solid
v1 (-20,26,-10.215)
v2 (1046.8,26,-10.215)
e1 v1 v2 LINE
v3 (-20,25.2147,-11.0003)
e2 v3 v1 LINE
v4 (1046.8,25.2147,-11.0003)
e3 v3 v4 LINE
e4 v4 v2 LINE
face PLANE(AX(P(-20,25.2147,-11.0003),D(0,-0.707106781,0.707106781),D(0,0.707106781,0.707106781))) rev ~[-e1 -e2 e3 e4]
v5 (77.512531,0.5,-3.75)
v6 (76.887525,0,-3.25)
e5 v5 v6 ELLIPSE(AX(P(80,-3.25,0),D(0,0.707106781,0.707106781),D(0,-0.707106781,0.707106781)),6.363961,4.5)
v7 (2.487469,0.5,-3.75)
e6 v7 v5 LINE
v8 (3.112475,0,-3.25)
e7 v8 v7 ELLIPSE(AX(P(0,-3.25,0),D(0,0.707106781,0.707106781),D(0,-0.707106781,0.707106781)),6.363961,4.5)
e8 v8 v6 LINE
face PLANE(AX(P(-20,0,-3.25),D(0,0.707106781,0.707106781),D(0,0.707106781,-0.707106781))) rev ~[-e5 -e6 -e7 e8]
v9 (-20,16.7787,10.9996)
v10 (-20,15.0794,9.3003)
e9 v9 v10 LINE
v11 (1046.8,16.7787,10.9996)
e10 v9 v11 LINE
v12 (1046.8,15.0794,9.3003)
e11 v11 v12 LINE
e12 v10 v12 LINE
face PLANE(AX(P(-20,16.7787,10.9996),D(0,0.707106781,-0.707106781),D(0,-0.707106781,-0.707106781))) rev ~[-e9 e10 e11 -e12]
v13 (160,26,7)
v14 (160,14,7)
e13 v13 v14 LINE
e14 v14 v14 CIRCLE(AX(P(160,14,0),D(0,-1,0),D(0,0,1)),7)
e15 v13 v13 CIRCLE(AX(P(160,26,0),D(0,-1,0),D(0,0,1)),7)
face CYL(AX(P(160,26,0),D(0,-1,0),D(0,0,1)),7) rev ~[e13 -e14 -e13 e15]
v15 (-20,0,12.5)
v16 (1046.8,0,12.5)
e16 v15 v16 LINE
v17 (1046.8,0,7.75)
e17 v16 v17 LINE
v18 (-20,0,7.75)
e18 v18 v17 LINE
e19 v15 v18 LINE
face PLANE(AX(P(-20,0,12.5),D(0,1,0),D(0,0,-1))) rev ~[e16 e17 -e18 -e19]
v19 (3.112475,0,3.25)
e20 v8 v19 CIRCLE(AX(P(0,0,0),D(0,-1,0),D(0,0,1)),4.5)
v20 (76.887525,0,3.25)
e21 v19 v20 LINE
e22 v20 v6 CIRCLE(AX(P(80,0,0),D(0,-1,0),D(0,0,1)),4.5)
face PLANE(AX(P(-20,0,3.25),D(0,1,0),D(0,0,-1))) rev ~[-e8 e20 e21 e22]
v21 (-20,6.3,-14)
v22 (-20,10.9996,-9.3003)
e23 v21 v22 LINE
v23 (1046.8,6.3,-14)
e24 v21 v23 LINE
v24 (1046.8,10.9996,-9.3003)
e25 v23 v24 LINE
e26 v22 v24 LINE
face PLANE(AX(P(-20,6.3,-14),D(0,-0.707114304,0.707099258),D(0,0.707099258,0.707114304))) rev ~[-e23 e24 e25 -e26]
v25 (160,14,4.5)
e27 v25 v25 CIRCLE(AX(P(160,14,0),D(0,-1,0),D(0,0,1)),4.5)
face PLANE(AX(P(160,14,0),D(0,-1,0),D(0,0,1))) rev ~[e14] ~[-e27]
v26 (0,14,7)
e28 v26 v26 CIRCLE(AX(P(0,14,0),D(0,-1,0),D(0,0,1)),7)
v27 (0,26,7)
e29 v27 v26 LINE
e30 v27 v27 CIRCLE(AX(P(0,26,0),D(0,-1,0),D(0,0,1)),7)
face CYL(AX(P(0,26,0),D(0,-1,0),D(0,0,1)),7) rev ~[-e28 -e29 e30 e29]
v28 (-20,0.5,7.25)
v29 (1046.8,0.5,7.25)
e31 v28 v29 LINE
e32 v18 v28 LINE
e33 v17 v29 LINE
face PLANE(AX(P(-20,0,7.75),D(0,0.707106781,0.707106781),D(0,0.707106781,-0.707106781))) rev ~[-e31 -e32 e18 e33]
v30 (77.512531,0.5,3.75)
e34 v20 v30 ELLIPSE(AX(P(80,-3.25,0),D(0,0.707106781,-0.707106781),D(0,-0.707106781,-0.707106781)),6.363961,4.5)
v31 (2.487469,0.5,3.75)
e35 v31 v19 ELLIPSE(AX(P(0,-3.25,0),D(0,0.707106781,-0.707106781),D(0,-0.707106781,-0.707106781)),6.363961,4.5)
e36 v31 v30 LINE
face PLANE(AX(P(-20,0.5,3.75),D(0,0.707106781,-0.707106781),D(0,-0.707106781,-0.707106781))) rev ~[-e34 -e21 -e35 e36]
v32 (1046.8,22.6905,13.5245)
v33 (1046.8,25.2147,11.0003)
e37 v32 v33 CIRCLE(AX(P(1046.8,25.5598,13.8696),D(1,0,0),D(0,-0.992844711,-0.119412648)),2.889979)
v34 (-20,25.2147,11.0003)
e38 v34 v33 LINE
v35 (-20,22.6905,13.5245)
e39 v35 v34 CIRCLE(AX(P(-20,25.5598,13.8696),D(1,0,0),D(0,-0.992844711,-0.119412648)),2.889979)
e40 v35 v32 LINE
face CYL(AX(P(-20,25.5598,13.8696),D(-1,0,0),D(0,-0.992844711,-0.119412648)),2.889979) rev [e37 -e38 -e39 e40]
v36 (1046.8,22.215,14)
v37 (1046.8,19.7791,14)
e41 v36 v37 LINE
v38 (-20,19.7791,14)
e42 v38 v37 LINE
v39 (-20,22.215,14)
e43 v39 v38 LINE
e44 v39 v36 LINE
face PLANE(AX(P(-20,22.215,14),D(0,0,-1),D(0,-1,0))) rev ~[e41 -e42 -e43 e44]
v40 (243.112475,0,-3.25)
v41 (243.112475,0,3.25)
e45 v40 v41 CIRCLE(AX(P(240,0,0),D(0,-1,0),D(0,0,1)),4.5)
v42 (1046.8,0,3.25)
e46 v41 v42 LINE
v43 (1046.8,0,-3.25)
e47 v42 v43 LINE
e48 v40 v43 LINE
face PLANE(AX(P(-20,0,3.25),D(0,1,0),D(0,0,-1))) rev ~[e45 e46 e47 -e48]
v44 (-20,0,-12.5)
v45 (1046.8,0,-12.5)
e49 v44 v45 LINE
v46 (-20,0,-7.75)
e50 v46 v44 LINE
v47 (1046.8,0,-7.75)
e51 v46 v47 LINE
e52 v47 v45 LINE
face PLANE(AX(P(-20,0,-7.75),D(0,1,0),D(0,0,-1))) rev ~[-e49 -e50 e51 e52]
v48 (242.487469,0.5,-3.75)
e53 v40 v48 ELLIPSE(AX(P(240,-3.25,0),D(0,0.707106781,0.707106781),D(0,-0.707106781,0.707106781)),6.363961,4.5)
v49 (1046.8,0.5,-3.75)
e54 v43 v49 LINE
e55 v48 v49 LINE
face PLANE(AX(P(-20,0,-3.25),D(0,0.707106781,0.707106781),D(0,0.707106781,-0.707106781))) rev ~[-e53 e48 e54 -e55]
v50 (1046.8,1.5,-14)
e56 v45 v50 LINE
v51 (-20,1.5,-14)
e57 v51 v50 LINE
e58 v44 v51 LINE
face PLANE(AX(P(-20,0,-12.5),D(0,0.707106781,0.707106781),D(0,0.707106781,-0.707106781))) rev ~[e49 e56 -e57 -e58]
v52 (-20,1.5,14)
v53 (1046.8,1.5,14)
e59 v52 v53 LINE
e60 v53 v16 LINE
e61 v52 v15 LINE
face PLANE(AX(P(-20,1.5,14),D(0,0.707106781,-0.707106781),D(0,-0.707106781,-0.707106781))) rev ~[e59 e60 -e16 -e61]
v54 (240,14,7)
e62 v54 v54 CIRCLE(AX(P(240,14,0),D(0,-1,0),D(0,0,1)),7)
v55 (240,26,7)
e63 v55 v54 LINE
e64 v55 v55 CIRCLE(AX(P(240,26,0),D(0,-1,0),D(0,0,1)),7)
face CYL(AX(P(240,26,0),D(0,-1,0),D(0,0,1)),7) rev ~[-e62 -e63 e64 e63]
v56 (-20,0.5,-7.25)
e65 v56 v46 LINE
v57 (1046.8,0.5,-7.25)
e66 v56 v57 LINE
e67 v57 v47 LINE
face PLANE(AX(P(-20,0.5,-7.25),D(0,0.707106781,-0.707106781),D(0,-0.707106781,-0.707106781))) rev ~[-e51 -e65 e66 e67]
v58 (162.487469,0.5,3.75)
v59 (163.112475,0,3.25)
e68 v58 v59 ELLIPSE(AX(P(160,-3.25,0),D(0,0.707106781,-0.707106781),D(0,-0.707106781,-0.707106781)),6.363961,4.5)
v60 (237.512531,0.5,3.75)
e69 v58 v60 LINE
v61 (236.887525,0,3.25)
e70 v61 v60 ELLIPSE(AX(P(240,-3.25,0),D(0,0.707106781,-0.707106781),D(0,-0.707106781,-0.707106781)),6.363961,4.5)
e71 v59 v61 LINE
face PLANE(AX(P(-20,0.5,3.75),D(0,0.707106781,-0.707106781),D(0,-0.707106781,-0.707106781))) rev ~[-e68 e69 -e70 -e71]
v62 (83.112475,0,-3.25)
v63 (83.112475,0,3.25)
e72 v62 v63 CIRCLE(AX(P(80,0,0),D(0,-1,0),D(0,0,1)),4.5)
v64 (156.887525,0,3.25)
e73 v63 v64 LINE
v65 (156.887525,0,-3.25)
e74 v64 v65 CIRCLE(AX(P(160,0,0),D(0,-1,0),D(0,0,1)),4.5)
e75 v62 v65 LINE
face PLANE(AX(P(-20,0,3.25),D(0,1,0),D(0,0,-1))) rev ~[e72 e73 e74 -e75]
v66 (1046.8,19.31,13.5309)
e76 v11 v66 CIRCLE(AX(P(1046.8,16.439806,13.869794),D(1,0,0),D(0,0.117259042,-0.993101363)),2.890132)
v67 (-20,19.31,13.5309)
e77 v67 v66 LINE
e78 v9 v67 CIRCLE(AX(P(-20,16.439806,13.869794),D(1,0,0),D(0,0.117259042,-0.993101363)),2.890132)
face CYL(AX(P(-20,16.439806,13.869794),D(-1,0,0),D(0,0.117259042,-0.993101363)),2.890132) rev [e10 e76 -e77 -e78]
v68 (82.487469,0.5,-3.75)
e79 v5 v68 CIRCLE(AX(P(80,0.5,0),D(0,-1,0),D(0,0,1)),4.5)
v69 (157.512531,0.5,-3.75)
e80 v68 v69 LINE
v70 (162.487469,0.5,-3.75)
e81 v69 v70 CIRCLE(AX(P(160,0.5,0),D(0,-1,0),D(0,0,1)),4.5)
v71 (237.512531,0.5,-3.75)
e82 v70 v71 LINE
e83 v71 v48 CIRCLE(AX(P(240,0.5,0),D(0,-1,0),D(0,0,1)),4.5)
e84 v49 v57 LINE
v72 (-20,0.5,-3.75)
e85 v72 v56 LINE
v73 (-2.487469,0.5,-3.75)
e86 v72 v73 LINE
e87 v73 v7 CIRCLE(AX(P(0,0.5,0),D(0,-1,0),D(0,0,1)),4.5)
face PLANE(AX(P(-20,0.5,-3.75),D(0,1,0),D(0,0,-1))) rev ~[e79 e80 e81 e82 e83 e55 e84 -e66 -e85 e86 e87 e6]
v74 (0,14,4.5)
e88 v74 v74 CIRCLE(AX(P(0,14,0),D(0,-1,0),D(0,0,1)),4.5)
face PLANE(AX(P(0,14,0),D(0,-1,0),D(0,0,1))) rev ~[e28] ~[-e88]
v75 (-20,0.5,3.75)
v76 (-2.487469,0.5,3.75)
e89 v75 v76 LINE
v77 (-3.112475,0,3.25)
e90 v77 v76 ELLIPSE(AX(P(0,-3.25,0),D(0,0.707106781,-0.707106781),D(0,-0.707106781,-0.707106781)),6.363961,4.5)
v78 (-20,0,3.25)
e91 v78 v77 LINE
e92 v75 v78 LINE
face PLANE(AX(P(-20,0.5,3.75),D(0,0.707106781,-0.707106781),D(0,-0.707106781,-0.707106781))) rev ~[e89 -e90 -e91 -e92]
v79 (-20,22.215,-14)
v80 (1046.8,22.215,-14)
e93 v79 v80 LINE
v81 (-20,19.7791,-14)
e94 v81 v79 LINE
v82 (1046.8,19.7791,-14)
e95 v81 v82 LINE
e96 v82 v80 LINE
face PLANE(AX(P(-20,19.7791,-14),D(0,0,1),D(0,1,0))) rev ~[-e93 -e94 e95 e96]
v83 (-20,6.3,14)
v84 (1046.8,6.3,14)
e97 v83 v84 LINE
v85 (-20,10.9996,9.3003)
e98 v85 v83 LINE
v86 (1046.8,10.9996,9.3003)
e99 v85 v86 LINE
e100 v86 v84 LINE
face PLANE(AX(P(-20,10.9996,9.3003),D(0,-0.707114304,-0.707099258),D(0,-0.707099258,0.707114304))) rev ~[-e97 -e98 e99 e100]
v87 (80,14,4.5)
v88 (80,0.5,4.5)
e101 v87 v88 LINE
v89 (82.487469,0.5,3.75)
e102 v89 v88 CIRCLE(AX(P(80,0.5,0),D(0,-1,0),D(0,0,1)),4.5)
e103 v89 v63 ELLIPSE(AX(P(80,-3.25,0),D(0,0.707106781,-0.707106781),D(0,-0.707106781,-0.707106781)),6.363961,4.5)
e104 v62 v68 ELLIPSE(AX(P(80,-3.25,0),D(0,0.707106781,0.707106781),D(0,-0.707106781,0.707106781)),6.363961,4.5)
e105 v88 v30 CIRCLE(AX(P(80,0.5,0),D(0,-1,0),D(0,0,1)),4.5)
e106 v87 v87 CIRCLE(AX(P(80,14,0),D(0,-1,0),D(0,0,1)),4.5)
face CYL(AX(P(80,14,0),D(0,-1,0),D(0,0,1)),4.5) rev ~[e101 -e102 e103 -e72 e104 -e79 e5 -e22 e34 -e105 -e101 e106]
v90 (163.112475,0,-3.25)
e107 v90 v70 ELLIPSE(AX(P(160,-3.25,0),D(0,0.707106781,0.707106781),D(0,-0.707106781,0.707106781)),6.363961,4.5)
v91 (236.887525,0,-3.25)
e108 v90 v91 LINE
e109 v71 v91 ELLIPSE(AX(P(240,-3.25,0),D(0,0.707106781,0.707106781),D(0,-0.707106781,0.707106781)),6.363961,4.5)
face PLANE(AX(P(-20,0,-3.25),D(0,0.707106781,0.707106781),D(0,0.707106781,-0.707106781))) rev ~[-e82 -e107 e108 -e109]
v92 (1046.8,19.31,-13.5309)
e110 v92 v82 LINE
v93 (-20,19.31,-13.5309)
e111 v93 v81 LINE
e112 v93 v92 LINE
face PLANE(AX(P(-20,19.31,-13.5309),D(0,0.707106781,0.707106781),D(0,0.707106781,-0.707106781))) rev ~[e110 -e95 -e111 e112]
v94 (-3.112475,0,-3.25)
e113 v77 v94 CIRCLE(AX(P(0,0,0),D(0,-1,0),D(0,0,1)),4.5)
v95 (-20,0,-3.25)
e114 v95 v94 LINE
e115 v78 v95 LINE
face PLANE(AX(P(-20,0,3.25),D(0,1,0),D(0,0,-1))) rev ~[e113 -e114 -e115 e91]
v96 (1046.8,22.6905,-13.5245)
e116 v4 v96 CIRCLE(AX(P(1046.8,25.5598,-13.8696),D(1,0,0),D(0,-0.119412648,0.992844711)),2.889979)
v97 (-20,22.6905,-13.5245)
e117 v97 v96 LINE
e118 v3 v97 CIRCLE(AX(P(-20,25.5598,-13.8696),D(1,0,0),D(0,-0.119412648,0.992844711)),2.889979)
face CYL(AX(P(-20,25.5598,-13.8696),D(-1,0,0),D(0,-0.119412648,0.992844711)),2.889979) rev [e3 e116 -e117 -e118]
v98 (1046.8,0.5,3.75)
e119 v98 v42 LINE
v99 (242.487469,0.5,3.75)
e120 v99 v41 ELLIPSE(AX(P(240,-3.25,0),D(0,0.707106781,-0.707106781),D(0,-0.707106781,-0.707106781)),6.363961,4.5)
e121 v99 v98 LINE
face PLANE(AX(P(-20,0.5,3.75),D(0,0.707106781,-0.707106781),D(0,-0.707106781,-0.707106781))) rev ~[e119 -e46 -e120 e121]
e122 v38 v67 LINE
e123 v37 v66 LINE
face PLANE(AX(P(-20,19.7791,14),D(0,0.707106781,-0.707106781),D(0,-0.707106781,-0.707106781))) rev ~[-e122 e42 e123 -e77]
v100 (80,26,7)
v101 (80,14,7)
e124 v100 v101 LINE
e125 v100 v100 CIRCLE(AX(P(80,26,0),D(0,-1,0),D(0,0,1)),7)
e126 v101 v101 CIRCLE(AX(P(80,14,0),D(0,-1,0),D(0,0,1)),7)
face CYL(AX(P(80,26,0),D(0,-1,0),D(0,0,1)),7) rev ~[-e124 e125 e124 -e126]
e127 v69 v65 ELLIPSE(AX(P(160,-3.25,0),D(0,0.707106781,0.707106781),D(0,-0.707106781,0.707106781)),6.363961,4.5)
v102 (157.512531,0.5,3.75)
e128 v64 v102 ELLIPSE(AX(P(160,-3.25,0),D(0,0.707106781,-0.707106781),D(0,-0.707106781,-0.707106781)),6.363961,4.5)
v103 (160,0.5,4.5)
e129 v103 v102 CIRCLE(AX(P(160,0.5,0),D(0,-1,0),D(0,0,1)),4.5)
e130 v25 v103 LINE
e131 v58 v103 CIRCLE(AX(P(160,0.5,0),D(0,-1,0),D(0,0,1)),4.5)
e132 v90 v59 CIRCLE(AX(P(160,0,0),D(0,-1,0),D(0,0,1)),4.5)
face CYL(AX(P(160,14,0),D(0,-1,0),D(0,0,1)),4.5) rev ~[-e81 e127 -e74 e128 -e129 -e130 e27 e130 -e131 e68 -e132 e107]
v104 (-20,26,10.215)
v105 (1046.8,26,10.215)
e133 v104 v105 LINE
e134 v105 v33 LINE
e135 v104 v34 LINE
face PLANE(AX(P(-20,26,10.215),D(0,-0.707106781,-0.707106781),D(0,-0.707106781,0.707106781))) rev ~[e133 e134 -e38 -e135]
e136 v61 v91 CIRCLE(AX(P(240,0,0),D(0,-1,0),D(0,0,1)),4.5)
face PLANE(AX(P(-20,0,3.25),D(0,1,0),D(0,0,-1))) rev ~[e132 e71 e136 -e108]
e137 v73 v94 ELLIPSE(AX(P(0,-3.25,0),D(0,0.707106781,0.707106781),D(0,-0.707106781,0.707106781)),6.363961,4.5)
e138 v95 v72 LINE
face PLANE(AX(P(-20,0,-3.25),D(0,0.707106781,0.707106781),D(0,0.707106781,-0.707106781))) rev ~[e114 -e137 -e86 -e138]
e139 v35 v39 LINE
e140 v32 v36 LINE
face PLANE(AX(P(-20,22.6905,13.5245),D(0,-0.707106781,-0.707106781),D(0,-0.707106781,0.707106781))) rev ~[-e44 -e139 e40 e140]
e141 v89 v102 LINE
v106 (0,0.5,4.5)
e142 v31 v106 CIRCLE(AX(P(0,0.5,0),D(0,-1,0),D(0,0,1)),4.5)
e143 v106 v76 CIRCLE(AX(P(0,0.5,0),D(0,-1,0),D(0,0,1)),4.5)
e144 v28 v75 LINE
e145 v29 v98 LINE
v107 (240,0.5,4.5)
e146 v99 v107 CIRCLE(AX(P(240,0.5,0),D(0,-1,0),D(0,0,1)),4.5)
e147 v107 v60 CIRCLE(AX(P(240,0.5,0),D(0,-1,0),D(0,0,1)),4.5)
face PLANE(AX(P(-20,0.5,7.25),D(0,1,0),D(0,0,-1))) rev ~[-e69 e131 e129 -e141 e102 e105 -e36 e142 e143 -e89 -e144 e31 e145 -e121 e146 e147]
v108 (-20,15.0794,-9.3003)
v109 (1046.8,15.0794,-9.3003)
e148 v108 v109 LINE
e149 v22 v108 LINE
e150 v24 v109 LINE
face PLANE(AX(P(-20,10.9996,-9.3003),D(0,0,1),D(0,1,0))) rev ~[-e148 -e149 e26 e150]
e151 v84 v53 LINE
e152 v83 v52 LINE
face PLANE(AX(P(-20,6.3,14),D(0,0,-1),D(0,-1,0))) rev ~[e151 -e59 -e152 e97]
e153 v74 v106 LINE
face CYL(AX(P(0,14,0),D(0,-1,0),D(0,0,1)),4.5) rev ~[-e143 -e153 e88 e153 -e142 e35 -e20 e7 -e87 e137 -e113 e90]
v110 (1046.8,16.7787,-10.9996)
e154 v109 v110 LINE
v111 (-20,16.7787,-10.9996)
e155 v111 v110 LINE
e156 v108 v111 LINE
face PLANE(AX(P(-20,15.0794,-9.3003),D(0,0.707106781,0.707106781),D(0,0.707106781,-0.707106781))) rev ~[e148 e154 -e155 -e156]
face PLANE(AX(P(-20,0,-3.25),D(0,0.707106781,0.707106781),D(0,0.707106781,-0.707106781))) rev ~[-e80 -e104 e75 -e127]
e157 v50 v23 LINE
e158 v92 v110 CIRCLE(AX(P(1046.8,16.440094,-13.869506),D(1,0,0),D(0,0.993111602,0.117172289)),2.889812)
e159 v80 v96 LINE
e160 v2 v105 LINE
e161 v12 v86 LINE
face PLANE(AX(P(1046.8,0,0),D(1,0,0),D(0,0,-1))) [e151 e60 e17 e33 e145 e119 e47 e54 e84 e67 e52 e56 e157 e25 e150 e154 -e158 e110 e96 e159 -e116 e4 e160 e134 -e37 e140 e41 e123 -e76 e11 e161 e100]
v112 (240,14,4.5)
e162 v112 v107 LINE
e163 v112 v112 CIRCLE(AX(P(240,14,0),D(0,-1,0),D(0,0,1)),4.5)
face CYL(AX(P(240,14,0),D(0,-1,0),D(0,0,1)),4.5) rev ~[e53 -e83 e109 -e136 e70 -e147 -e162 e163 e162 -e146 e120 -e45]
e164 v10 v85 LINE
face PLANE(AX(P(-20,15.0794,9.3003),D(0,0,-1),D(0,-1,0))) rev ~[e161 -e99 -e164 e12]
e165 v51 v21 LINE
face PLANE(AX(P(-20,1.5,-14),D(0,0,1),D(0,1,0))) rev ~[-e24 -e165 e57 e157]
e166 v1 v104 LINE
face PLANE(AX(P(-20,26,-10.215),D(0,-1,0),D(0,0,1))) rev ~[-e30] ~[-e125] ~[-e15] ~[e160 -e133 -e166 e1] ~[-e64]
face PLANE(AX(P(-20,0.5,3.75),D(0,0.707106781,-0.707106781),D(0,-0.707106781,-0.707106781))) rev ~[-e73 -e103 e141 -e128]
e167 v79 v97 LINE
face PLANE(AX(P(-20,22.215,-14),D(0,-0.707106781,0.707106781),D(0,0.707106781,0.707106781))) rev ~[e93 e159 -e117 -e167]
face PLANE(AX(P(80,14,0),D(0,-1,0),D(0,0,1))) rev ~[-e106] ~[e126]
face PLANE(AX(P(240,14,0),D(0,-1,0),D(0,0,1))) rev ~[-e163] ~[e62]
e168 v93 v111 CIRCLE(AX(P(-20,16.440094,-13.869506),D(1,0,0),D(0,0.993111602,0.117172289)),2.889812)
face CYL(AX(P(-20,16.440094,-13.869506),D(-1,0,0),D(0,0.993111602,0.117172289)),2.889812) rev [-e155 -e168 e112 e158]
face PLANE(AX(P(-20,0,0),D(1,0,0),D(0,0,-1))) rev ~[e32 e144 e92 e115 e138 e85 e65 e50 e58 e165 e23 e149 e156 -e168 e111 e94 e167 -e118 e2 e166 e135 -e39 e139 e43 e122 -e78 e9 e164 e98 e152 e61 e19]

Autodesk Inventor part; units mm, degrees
sketch "Sketch_17" plane through (-20, 0, 0) normal (1, 0, 0) x (0, 0, -1)
  line L0 (-14, 1.5) -> (-12.5, 0)
  line L1 (-12.5, 0) -> (-7.75, 0)
  line L2 (-7.75, 0) -> (-7.25, 0.5)
  line L3 (-7.25, 0.5) -> (-3.75, 0.5)
  line L4 (-3.75, 0.5) -> (-3.25, 0)
  line L5 (-3.25, 0) -> (3.25, 0)
  line L6 (3.25, 0) -> (3.75, 0.5)
  line L7 (3.75, 0.5) -> (7.25, 0.5)
  line L8 (7.25, 0.5) -> (7.75, 0)
  line L9 (7.75, 0) -> (12.5, 0)
  line L10 (12.5, 0) -> (14, 1.5)
  line L11 (14, 1.5) -> (14, 6.3)
  line L12 (14, 6.3) -> (9.3003, 10.9996)
  line L13 (9.3003, 10.9996) -> (9.3003, 15.0794)
  line L14 (9.3003, 15.0794) -> (10.9996, 16.7787)
  arc A0 (13.5309, 19.31) -> (10.9996, 16.7787) centre (13.8696, 16.4399) ccw
  line L15 (13.5309, 19.31) -> (14, 19.7791)
  line L16 (14, 19.7791) -> (14, 22.215)
  line L17 (14, 22.215) -> (13.5245, 22.6905)
  arc A1 (11.0003, 25.2147) -> (13.5245, 22.6905) centre (13.8696, 25.5598) ccw
  line L18 (11.0003, 25.2147) -> (10.215, 26)
  line L19 (10.215, 26) -> (-10.215, 26)
  line L20 (-10.215, 26) -> (-11.0003, 25.2147)
  arc A2 (-13.5245, 22.6905) -> (-11.0003, 25.2147) centre (-13.8696, 25.5598) ccw
  line L21 (-13.5245, 22.6905) -> (-14, 22.215)
  line L22 (-14, 22.215) -> (-14, 19.7791)
  line L23 (-14, 19.7791) -> (-13.5309, 19.31)
  arc A3 (-10.9996, 16.7787) -> (-13.5309, 19.31) centre (-13.8696, 16.4399) ccw
  line L24 (-10.9996, 16.7787) -> (-9.3003, 15.0794)
  line L25 (-9.3003, 15.0794) -> (-9.3003, 10.9996)
  line L26 (-9.3003, 10.9996) -> (-14, 6.3)
  line L27 (-14, 6.3) -> (-14, 1.5)
extrude "Extrusion1" add sketch "Sketch_17" along normal blind 1066.8
sketch "Sketch2" plane through (-20, 26, 10.215) normal (0, 1, 0) x (1, 0, 0)
  point P0 (20, 10.215)
hole "Hole1" at (0, 26, 0) direction (0, -1, 0) diameter 9 depth 26 counterbore diameter 14 counterbore depth 12
pattern_linear "Rectangular Pattern1" count 4 spacing 80 along (1, 0, 0) of "Hole1"
ref_plane "4dummy_XY" through (0, 0, 0) normal (1, 0, 0) x (0, 0, -1)
ref_plane "4dummy_YZ" through (0, 0, 0) normal (0, 0, -1) x (0, 1, 0)
ref_plane "4dummy_ZX" through (0, 0, 0) normal (0, 1, 0) x (1, 0, 0)
ref_plane "4slide_XY" through (-20, 7, 0) normal (1, 0, 0) x (0, 0, -1)
ref_plane "4slide_YZ" through (-20, 7, 0) normal (0, 0, -1) x (0, 1, 0)
ref_plane "4slide_ZX" through (-20, 7, 0) normal (0, 1, 0) x (1, 0, 0)
ref_plane "4track_XY" through (0, 0, 0) normal (0, 0, 1) x (1, 0, 0)
ref_plane "4track_YZ" through (0, 0, 0) normal (1, 0, 0) x (0, 1, 0)
ref_plane "4track_ZX" through (0, 0, 0) normal (0, 1, 0) x (0, 0, 1)
properties part number "HSR30A128020 Rail(3.5)"
